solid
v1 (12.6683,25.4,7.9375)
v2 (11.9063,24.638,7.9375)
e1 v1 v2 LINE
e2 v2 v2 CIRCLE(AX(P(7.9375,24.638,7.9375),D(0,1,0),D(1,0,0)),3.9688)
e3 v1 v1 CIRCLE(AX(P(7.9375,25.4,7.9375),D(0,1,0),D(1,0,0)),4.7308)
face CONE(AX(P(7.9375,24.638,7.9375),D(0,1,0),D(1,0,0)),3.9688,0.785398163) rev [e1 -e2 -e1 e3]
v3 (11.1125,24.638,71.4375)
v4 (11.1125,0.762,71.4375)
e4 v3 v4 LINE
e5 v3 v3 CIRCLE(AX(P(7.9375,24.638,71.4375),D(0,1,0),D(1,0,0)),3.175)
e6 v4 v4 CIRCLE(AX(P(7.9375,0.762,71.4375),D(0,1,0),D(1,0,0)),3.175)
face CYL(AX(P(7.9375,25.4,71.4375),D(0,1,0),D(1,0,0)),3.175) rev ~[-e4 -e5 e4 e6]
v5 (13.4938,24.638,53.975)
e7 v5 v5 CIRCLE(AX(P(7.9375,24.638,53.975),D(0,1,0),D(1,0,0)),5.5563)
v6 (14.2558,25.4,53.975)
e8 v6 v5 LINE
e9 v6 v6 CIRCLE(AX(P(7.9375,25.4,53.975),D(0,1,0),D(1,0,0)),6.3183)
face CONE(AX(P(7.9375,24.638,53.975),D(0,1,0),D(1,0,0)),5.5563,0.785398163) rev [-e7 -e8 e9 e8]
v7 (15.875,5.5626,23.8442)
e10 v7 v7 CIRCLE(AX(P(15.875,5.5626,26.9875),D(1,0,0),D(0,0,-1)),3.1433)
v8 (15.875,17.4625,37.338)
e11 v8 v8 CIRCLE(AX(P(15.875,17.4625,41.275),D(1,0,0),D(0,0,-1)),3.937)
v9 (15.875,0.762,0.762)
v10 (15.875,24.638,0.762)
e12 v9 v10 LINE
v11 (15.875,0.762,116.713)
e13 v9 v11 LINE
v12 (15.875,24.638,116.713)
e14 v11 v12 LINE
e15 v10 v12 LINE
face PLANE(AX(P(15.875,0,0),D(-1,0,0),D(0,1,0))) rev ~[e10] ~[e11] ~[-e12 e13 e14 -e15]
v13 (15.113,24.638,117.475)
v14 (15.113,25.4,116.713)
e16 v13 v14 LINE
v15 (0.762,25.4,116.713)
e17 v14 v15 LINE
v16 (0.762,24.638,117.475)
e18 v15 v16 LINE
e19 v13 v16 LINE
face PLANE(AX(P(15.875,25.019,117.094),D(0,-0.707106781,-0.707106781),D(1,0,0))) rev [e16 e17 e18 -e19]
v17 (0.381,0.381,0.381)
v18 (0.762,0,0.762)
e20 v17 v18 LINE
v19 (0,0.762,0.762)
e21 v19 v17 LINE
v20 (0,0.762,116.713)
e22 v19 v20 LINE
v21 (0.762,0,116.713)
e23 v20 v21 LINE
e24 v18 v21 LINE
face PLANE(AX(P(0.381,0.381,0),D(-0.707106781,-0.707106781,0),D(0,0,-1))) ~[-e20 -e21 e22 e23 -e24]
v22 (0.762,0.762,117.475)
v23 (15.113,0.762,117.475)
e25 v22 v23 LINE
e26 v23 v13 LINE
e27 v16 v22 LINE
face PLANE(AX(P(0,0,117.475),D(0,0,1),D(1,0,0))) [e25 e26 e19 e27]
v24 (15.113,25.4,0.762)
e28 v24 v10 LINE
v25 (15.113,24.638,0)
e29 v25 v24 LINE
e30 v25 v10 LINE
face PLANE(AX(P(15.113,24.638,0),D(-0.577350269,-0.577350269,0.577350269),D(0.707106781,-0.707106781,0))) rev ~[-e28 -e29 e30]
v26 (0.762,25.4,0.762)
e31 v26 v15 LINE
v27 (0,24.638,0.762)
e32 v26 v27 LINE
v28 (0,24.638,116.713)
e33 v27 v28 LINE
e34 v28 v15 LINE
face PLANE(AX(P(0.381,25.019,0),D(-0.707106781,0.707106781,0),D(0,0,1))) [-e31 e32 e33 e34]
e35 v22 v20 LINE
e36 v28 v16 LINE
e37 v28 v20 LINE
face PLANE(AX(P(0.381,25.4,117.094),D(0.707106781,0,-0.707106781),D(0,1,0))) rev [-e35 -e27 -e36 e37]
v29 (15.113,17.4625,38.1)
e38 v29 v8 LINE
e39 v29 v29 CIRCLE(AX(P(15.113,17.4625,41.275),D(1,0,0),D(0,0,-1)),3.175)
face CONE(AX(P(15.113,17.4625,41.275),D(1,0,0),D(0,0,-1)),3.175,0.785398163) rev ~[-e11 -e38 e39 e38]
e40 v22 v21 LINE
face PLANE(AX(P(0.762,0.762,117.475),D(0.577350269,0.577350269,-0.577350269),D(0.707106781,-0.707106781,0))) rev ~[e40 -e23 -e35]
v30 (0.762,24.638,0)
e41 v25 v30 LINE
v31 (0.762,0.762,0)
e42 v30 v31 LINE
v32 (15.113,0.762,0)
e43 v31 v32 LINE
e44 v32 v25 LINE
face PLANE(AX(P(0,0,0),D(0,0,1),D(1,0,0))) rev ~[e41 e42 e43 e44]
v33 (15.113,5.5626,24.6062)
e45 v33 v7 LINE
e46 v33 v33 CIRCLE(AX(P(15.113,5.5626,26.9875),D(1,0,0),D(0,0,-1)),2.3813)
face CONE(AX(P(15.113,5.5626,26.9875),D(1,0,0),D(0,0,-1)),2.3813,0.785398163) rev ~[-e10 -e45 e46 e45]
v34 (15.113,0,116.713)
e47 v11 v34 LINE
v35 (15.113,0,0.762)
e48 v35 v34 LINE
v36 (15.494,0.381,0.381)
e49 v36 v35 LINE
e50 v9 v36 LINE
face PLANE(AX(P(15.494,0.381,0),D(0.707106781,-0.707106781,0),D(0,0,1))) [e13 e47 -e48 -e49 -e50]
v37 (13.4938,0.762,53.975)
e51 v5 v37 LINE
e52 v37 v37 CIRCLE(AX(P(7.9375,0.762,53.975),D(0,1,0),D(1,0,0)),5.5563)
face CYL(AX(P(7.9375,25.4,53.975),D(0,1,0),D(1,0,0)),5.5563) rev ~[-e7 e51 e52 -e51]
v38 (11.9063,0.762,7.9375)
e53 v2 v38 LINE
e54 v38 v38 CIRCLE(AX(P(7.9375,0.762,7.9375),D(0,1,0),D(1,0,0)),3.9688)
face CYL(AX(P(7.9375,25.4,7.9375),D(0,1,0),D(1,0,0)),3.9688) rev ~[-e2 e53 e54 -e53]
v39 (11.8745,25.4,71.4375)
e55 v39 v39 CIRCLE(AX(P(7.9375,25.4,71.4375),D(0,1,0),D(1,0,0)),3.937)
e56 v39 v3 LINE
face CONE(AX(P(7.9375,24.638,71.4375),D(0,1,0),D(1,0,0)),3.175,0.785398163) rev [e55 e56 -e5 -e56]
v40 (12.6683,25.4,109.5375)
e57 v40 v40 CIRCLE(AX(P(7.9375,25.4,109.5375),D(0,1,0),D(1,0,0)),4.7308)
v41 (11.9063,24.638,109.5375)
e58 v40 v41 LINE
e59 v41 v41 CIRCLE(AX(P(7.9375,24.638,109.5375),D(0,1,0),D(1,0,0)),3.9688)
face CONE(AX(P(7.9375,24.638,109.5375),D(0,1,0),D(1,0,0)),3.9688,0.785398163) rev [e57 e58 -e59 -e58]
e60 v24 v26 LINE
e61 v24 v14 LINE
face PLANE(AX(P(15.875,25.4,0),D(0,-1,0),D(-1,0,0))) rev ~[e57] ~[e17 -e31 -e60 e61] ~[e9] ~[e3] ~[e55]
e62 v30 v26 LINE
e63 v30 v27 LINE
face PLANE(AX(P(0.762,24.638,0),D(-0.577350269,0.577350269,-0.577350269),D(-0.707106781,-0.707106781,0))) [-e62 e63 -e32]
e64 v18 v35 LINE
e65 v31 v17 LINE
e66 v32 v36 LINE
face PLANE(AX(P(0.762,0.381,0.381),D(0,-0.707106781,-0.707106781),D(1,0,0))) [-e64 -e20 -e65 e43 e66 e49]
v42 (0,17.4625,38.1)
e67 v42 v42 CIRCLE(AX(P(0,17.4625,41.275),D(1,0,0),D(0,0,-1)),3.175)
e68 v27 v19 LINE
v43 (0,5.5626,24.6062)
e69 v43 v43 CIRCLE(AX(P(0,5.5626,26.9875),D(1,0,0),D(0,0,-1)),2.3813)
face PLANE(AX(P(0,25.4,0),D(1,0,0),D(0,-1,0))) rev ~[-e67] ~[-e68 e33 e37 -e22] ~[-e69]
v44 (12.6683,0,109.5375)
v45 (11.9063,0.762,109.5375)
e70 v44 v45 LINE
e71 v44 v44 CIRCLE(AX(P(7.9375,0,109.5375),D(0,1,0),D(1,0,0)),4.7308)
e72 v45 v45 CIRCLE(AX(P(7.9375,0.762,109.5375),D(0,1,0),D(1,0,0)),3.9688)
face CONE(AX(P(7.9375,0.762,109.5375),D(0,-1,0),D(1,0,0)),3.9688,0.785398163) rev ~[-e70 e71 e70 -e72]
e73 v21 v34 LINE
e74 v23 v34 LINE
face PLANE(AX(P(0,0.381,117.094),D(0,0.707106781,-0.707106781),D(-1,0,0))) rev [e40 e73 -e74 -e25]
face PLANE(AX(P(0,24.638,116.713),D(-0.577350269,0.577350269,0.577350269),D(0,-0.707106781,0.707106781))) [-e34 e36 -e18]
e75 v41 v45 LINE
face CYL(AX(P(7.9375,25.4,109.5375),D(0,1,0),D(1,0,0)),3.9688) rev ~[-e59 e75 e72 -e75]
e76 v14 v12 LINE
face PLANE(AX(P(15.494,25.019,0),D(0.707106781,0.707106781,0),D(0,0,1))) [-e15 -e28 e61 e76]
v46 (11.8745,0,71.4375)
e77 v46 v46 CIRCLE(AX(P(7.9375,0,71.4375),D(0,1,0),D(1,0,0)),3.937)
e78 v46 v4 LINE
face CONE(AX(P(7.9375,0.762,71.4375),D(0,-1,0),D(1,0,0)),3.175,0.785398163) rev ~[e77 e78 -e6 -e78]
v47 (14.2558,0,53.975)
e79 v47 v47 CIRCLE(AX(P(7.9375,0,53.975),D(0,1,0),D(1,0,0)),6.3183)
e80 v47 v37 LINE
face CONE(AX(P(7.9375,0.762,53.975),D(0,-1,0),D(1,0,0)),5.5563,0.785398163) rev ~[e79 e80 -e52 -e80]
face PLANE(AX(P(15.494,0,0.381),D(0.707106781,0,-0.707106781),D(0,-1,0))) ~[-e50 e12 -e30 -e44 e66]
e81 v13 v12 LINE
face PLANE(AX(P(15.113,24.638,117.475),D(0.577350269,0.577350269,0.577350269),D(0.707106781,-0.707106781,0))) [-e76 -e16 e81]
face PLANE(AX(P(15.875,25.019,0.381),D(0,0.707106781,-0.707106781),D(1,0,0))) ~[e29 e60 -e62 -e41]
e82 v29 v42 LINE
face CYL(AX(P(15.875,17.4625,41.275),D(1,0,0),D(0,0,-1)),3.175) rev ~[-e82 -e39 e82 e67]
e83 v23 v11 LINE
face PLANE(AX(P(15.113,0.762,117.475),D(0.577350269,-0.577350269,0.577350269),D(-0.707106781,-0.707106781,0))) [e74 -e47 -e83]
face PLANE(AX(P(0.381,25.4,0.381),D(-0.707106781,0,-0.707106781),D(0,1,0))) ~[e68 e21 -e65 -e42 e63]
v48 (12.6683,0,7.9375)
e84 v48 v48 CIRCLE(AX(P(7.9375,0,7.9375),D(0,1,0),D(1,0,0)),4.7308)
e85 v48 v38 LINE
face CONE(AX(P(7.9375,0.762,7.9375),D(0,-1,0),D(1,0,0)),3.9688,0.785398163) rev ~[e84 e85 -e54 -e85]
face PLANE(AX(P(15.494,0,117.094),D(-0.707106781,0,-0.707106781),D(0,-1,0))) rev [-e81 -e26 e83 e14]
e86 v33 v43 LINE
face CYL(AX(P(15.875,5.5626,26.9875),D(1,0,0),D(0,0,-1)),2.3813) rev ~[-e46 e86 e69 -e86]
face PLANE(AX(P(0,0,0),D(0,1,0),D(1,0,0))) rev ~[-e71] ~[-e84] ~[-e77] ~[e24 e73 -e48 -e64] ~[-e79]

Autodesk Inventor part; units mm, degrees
ref_plane "YZ Plane" through (0, 0, 0) normal (1, 0, 0) x (0, 1, 0)
ref_plane "XZ Plane" through (0, 0, 0) normal (0, 1, 0) x (-1, 0, 0)
ref_plane "XY Plane" through (0, 0, 0) normal (0, 0, 1) x (1, 0, 0)
sketch "Sketch1" plane through (0, 0, 0) normal (0, 0, 1) x (1, 0, 0)
  line L0 (0, 0) -> (15.875, 0)
  line L1 (15.875, 0) -> (15.875, 25.4)
  line L2 (15.875, 25.4) -> (0, 25.4)
  line L3 (0, 25.4) -> (0, 0)
  dimension "d0" = 15.875
  dimension "d1" = 25.4
extrude "Extrusion1" add sketch "Sketch1" along normal blind 117.475
chamfer "Chamfer1" distance 0.762 angle 45 11 edges at (15.875, 25.4, 58.7375) (7.9375, 25.4, 117.475) (0, 25.4, 58.7375) (7.9375, 25.4, 0) (15.875, 12.7, 0) (15.875, 0, 58.7375) (0, 12.7, 0) (0, 0, 58.7375) (15.875, 12.7, 117.475) (0, 12.7, 117.475) (7.9375, 0, 117.475)
sketch "Sketch2" plane through (0.762, 25.4, 0.762) normal (0, 1, 0) x (1, 0, 0)
  line L0 (14.351, 0.762) -> (0, 0.762) projected
  line L1 (0, -116.713) -> (14.351, -116.713) projected
  line L2 (-0.762, 0) -> (-0.762, -115.951) projected
  line L3 (15.113, -115.951) -> (15.113, 0) projected
  circle A0 centre (7.1755, -108.7755) radius 3.9688
  circle A1 centre (7.1755, -70.6755) radius 3.175
  circle A2 centre (7.1755, -53.213) radius 5.5563
  circle A3 centre (7.1755, -7.1755) radius 3.9688
  point P0 (-0.762, 0.762)
  dimension "d7" = 7.9375
  dimension "d8" = 7.9375
  dimension "d9" = 71.4375
  dimension "d10" = 53.975
  dimension "d11" = 7.9375
  dimension "d12" = 7.9375
  dimension "d13" = 6.35
  dimension "d14" = 11.1125
  dimension "d15" = 7.9375
extrude "Extrusion2" cut sketch "Sketch2" against normal blind 117.475
sketch "Sketch3" plane through (15.875, 0.762, 0.762) normal (1, 0, 0) x (0, 0, -1)
  line L0 (0.762, -0.762) -> (0.762, 23.876) projected
  line L1 (-115.951, -0.762) -> (0.762, -0.762) projected
  circle A0 centre (-40.513, 16.7005) radius 3.175
  circle A1 centre (-26.2255, 4.8006) radius 2.3813
  dimension "d18" = 26.9875
  dimension "d19" = 5.5626
  dimension "d20" = 17.4625
  dimension "d21" = 41.275
  dimension "d22" = 6.35
  dimension "d23" = 4.7625
extrude "Extrusion3" cut sketch "Sketch3" against normal blind 117.475
chamfer "Chamfer2" distance 0.762 angle 45 11 edges at (2.3812, 25.4, 53.975) (4.7625, 25.4, 71.4375) (3.9687, 25.4, 109.5375) (3.9687, 25.4, 7.9375) (15.875, 17.4625, 44.45) (15.875, 5.5626, 29.3688) (7.9375, 0, 0) (3.9687, 0, 7.9375) (2.3812, 0, 53.975) (4.7625, 0, 71.4375) (3.9687, 0, 109.5375)
properties part number "Upper Die Center Support"
